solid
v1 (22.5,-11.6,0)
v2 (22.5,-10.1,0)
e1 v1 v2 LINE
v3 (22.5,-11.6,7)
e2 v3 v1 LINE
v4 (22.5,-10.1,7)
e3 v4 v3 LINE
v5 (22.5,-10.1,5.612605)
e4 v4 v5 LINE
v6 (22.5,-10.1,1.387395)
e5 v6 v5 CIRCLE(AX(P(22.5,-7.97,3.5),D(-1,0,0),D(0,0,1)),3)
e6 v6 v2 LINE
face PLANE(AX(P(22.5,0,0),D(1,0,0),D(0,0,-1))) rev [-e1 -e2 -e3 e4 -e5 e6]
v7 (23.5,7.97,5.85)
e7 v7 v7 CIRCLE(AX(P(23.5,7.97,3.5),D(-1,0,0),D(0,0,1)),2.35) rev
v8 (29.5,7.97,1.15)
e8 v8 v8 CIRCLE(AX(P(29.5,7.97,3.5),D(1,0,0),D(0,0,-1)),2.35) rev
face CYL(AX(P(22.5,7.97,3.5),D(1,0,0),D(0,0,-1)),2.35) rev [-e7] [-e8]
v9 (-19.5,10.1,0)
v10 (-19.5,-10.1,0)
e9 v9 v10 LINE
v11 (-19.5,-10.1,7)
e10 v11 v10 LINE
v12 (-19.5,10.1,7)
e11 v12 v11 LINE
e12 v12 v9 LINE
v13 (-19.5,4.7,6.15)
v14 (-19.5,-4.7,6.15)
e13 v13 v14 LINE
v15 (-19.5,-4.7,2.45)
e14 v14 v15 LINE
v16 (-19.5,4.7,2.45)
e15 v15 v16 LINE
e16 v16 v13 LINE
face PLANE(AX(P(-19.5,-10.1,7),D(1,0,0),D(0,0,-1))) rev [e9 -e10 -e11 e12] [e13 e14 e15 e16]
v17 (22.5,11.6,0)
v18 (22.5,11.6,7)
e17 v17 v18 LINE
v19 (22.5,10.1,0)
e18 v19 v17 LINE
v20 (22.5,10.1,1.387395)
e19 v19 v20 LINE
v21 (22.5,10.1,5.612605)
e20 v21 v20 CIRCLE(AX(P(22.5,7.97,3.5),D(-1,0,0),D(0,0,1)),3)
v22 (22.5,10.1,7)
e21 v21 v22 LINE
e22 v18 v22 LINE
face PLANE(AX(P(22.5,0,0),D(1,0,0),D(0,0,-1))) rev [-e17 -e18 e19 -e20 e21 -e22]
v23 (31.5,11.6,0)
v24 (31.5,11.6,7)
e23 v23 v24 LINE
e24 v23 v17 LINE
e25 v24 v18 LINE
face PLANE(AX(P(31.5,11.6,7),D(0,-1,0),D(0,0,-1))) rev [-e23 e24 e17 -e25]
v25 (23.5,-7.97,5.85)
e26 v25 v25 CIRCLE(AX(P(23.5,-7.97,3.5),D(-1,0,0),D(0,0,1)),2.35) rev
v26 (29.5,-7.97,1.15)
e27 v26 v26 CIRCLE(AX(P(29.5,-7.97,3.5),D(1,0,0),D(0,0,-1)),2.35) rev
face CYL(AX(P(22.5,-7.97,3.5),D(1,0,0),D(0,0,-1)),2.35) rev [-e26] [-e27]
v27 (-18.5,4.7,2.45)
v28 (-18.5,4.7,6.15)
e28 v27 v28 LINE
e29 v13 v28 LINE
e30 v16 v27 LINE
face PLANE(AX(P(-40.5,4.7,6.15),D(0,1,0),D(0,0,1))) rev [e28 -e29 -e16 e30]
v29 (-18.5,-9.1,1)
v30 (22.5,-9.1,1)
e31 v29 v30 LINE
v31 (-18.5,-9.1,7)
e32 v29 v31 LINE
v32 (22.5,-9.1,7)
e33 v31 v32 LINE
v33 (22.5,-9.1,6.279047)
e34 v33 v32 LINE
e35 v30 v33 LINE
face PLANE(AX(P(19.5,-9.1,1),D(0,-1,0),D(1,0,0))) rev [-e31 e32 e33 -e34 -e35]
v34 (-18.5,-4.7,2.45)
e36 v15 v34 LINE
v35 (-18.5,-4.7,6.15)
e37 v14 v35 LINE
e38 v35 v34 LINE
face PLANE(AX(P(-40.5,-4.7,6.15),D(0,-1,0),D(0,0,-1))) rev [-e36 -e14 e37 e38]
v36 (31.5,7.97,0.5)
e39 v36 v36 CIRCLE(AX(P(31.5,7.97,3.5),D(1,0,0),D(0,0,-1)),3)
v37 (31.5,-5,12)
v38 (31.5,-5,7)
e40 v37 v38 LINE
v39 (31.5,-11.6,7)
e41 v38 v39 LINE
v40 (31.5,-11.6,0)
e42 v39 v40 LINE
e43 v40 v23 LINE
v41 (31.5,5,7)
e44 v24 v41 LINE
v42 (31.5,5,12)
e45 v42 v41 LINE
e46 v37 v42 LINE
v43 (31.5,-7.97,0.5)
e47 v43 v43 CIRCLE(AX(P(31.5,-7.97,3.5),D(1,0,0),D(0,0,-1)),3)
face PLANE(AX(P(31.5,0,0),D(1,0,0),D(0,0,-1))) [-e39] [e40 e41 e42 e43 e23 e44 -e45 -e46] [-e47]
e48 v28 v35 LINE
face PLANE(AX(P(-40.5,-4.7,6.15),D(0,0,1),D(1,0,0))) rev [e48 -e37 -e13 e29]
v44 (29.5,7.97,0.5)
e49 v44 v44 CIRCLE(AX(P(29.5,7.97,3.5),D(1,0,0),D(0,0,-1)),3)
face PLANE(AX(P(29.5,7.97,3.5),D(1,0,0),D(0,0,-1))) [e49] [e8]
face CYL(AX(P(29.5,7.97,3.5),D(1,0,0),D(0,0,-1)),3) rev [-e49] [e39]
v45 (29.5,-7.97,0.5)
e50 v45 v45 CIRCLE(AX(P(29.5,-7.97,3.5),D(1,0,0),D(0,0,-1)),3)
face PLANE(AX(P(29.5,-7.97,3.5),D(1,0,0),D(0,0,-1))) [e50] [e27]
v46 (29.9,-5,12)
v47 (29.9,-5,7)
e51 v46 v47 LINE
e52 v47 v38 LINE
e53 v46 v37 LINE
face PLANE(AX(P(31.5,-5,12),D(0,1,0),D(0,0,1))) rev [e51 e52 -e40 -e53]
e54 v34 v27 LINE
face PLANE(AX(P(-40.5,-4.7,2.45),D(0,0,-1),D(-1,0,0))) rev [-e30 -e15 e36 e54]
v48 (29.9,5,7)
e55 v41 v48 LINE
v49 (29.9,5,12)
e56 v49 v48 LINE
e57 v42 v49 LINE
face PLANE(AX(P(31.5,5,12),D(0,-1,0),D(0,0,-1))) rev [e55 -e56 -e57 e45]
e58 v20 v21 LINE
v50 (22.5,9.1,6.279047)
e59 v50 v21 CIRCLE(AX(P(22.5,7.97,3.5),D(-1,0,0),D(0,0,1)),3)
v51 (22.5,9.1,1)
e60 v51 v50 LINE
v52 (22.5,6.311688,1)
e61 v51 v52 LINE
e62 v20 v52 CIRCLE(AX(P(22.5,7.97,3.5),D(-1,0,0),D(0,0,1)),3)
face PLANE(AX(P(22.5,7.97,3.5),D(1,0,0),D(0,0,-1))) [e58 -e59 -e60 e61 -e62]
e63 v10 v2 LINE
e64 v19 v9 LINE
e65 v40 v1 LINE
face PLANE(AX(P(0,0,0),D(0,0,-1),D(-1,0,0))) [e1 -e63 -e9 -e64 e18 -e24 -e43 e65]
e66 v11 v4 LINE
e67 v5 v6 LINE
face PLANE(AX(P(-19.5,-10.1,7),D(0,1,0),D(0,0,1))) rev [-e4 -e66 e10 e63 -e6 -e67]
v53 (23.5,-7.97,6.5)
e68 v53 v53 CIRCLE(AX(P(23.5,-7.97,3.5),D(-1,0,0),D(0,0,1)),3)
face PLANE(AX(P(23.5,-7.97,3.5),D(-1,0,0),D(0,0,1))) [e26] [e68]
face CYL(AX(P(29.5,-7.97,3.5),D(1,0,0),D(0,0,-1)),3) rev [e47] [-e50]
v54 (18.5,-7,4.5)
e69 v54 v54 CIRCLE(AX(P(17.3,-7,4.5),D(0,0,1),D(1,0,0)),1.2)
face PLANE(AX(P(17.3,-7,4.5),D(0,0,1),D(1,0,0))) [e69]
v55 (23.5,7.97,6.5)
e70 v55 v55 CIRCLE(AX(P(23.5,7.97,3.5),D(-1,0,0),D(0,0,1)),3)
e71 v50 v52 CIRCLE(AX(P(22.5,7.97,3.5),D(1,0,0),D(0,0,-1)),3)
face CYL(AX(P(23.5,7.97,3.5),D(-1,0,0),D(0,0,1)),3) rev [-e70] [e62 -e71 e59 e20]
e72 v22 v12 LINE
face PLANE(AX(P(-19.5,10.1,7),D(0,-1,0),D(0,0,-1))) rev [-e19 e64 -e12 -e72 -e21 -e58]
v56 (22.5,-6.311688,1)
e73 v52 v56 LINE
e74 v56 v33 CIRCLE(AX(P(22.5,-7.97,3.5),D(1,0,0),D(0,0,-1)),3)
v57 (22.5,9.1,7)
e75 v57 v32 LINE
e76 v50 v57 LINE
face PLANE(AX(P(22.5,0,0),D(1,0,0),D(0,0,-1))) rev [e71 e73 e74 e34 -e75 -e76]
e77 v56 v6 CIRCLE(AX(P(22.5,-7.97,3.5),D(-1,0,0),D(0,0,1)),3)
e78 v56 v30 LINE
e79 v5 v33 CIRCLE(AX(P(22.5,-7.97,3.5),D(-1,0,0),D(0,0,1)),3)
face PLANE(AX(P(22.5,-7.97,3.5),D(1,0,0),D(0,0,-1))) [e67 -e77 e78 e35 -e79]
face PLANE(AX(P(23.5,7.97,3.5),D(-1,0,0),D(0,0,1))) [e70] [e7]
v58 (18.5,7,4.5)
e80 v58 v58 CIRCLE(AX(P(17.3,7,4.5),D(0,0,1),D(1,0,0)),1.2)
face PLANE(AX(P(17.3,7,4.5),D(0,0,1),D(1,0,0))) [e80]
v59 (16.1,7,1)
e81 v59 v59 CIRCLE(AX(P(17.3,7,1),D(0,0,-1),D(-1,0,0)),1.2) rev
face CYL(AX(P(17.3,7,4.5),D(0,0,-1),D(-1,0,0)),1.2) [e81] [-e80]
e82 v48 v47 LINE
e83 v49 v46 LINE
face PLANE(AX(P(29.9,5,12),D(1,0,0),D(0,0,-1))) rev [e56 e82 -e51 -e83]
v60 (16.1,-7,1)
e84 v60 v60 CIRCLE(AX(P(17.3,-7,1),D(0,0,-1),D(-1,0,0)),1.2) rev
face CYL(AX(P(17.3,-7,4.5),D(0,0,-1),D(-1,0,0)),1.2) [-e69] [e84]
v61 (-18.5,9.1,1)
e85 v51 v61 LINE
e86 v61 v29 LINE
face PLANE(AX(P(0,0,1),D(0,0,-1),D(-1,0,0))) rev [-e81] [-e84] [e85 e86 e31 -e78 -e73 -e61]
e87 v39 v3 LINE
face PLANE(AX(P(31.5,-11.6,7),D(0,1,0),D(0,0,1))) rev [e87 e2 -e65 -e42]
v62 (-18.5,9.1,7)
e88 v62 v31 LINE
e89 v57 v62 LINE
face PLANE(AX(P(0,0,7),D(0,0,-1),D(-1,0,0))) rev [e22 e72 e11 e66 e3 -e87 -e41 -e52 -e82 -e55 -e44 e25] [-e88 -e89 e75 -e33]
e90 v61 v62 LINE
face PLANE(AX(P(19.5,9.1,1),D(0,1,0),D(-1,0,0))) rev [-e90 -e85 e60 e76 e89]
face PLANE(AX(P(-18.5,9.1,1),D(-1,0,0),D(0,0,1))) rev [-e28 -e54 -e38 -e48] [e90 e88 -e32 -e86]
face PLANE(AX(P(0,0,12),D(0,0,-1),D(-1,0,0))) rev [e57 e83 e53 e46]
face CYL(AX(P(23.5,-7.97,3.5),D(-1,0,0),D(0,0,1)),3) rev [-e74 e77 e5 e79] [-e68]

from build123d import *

# Parameters (mm, degrees)
SKETCH1_W              = 39
SKETCH1_H              = 20.2
BOSS_EXTRUDE1_DEPTH    = 7
SKETCH2_W              = 38
SKETCH2_H              = 18.2
CUT_EXTRUDE1_DEPTH     = 6
SKETCH3_R              = 1.2
SPUNT_DEPTH            = 3.5
SKETCH5_W              = 3.7
SKETCH5_H              = 9.4
USBC_DEPTH             = 22
ROZSIRENI_DRZAKU_DEPTH = 3
SKETCH7_W              = 7
SKETCH7_H              = 23.2
DRZAK_DEPTH            = 9
SKETCH8_R              = 2.35
ZAKLADNI_DIRA_DEPTH    = 9
SKETCH9_R              = 3
CUT_EXTRUDE4_DEPTH     = 2
SKETCH11_R             = 3
CUT_EXTRUDE5_DEPTH     = 1
SKETCH10_W             = 1.6
SKETCH10_H             = 10
PODSTAVA_DEPTH         = 5


with BuildPart() as part:
    # Sketch1 → Boss-Extrude1 (new body)
    with BuildSketch(Plane.XY):
        Rectangle(SKETCH1_W, SKETCH1_H)
    extrude(amount=BOSS_EXTRUDE1_DEPTH)

    # Sketch2 → Cut-Extrude1 (cut)
    with BuildSketch(Plane.XY.offset(7)):
        with Locations((0.5, 0)):
            Rectangle(SKETCH2_W, SKETCH2_H)
    extrude(amount=-CUT_EXTRUDE1_DEPTH, mode=Mode.SUBTRACT)

    # Sketch3 → spunt (add)
    with BuildSketch(Plane.XY.offset(1)):
        with Locations((17.3, -7)):
            Circle(SKETCH3_R)
        with Locations((17.3, 7)):
            Circle(SKETCH3_R)
    extrude(amount=SPUNT_DEPTH)

    # Sketch5 → usbc (cut)
    with BuildSketch(Plane(origin=(-18.5, 0, 0), x_dir=(0, 0, -1), z_dir=(1, 0, 0))):
        with Locations((-4.3, 0)):
            Rectangle(SKETCH5_W, SKETCH5_H)
    extrude(amount=-USBC_DEPTH, mode=Mode.SUBTRACT)

    # Sketch6 → rozsireni drzaku (add)
    with BuildSketch(Plane(origin=(19.5, 0, 0), x_dir=(0, 0, -1), z_dir=(1, 0, 0))):
        Polygon((-7, -10.1), (0, -10.1), (0, 10.1), (-7, 10.1), (-7, 9.1), (-1, 9.1), (-1, -9.1), (-7, -9.1), align=None)
    extrude(amount=ROZSIRENI_DRZAKU_DEPTH)

    # Sketch7 → drzak (add)
    with BuildSketch(Plane(origin=(22.5, 0, 0), x_dir=(0, 0, -1), z_dir=(1, 0, 0))):
        with Locations((-3.5, 0)):
            Rectangle(SKETCH7_W, SKETCH7_H)
    extrude(amount=DRZAK_DEPTH)

    # Sketch8 → zakladni dira (cut)
    with BuildSketch(Plane(origin=(31.5, 0, 0), x_dir=(0, 0, -1), z_dir=(1, 0, 0))):
        with Locations((-3.5, 7.97)):
            Circle(SKETCH8_R)
        with Locations((-3.5, -7.97)):
            Circle(SKETCH8_R)
    extrude(amount=-ZAKLADNI_DIRA_DEPTH, mode=Mode.SUBTRACT)

    # Sketch9 → Cut-Extrude4 (cut)
    with BuildSketch(Plane(origin=(31.5, 0, 0), x_dir=(0, 0, -1), z_dir=(1, 0, 0))):
        with Locations((-3.5, 7.97)):
            Circle(SKETCH9_R)
        with Locations((-3.5, -7.97)):
            Circle(SKETCH9_R)
    extrude(amount=-CUT_EXTRUDE4_DEPTH, mode=Mode.SUBTRACT)

    # Sketch11 → Cut-Extrude5 (cut)
    with BuildSketch(Plane.ZY.offset(-22.5)):
        with Locations((3.5, -7.97)):
            Circle(SKETCH11_R)
        with Locations((3.5, 7.97)):
            Circle(SKETCH11_R)
    extrude(amount=-CUT_EXTRUDE5_DEPTH, mode=Mode.SUBTRACT)

    # Sketch10 → podstava (add)
    with BuildSketch(Plane.XY.offset(7)):
        with Locations((30.7, 0)):
            Rectangle(SKETCH10_W, SKETCH10_H)
    extrude(amount=PODSTAVA_DEPTH)


solid = part.part
